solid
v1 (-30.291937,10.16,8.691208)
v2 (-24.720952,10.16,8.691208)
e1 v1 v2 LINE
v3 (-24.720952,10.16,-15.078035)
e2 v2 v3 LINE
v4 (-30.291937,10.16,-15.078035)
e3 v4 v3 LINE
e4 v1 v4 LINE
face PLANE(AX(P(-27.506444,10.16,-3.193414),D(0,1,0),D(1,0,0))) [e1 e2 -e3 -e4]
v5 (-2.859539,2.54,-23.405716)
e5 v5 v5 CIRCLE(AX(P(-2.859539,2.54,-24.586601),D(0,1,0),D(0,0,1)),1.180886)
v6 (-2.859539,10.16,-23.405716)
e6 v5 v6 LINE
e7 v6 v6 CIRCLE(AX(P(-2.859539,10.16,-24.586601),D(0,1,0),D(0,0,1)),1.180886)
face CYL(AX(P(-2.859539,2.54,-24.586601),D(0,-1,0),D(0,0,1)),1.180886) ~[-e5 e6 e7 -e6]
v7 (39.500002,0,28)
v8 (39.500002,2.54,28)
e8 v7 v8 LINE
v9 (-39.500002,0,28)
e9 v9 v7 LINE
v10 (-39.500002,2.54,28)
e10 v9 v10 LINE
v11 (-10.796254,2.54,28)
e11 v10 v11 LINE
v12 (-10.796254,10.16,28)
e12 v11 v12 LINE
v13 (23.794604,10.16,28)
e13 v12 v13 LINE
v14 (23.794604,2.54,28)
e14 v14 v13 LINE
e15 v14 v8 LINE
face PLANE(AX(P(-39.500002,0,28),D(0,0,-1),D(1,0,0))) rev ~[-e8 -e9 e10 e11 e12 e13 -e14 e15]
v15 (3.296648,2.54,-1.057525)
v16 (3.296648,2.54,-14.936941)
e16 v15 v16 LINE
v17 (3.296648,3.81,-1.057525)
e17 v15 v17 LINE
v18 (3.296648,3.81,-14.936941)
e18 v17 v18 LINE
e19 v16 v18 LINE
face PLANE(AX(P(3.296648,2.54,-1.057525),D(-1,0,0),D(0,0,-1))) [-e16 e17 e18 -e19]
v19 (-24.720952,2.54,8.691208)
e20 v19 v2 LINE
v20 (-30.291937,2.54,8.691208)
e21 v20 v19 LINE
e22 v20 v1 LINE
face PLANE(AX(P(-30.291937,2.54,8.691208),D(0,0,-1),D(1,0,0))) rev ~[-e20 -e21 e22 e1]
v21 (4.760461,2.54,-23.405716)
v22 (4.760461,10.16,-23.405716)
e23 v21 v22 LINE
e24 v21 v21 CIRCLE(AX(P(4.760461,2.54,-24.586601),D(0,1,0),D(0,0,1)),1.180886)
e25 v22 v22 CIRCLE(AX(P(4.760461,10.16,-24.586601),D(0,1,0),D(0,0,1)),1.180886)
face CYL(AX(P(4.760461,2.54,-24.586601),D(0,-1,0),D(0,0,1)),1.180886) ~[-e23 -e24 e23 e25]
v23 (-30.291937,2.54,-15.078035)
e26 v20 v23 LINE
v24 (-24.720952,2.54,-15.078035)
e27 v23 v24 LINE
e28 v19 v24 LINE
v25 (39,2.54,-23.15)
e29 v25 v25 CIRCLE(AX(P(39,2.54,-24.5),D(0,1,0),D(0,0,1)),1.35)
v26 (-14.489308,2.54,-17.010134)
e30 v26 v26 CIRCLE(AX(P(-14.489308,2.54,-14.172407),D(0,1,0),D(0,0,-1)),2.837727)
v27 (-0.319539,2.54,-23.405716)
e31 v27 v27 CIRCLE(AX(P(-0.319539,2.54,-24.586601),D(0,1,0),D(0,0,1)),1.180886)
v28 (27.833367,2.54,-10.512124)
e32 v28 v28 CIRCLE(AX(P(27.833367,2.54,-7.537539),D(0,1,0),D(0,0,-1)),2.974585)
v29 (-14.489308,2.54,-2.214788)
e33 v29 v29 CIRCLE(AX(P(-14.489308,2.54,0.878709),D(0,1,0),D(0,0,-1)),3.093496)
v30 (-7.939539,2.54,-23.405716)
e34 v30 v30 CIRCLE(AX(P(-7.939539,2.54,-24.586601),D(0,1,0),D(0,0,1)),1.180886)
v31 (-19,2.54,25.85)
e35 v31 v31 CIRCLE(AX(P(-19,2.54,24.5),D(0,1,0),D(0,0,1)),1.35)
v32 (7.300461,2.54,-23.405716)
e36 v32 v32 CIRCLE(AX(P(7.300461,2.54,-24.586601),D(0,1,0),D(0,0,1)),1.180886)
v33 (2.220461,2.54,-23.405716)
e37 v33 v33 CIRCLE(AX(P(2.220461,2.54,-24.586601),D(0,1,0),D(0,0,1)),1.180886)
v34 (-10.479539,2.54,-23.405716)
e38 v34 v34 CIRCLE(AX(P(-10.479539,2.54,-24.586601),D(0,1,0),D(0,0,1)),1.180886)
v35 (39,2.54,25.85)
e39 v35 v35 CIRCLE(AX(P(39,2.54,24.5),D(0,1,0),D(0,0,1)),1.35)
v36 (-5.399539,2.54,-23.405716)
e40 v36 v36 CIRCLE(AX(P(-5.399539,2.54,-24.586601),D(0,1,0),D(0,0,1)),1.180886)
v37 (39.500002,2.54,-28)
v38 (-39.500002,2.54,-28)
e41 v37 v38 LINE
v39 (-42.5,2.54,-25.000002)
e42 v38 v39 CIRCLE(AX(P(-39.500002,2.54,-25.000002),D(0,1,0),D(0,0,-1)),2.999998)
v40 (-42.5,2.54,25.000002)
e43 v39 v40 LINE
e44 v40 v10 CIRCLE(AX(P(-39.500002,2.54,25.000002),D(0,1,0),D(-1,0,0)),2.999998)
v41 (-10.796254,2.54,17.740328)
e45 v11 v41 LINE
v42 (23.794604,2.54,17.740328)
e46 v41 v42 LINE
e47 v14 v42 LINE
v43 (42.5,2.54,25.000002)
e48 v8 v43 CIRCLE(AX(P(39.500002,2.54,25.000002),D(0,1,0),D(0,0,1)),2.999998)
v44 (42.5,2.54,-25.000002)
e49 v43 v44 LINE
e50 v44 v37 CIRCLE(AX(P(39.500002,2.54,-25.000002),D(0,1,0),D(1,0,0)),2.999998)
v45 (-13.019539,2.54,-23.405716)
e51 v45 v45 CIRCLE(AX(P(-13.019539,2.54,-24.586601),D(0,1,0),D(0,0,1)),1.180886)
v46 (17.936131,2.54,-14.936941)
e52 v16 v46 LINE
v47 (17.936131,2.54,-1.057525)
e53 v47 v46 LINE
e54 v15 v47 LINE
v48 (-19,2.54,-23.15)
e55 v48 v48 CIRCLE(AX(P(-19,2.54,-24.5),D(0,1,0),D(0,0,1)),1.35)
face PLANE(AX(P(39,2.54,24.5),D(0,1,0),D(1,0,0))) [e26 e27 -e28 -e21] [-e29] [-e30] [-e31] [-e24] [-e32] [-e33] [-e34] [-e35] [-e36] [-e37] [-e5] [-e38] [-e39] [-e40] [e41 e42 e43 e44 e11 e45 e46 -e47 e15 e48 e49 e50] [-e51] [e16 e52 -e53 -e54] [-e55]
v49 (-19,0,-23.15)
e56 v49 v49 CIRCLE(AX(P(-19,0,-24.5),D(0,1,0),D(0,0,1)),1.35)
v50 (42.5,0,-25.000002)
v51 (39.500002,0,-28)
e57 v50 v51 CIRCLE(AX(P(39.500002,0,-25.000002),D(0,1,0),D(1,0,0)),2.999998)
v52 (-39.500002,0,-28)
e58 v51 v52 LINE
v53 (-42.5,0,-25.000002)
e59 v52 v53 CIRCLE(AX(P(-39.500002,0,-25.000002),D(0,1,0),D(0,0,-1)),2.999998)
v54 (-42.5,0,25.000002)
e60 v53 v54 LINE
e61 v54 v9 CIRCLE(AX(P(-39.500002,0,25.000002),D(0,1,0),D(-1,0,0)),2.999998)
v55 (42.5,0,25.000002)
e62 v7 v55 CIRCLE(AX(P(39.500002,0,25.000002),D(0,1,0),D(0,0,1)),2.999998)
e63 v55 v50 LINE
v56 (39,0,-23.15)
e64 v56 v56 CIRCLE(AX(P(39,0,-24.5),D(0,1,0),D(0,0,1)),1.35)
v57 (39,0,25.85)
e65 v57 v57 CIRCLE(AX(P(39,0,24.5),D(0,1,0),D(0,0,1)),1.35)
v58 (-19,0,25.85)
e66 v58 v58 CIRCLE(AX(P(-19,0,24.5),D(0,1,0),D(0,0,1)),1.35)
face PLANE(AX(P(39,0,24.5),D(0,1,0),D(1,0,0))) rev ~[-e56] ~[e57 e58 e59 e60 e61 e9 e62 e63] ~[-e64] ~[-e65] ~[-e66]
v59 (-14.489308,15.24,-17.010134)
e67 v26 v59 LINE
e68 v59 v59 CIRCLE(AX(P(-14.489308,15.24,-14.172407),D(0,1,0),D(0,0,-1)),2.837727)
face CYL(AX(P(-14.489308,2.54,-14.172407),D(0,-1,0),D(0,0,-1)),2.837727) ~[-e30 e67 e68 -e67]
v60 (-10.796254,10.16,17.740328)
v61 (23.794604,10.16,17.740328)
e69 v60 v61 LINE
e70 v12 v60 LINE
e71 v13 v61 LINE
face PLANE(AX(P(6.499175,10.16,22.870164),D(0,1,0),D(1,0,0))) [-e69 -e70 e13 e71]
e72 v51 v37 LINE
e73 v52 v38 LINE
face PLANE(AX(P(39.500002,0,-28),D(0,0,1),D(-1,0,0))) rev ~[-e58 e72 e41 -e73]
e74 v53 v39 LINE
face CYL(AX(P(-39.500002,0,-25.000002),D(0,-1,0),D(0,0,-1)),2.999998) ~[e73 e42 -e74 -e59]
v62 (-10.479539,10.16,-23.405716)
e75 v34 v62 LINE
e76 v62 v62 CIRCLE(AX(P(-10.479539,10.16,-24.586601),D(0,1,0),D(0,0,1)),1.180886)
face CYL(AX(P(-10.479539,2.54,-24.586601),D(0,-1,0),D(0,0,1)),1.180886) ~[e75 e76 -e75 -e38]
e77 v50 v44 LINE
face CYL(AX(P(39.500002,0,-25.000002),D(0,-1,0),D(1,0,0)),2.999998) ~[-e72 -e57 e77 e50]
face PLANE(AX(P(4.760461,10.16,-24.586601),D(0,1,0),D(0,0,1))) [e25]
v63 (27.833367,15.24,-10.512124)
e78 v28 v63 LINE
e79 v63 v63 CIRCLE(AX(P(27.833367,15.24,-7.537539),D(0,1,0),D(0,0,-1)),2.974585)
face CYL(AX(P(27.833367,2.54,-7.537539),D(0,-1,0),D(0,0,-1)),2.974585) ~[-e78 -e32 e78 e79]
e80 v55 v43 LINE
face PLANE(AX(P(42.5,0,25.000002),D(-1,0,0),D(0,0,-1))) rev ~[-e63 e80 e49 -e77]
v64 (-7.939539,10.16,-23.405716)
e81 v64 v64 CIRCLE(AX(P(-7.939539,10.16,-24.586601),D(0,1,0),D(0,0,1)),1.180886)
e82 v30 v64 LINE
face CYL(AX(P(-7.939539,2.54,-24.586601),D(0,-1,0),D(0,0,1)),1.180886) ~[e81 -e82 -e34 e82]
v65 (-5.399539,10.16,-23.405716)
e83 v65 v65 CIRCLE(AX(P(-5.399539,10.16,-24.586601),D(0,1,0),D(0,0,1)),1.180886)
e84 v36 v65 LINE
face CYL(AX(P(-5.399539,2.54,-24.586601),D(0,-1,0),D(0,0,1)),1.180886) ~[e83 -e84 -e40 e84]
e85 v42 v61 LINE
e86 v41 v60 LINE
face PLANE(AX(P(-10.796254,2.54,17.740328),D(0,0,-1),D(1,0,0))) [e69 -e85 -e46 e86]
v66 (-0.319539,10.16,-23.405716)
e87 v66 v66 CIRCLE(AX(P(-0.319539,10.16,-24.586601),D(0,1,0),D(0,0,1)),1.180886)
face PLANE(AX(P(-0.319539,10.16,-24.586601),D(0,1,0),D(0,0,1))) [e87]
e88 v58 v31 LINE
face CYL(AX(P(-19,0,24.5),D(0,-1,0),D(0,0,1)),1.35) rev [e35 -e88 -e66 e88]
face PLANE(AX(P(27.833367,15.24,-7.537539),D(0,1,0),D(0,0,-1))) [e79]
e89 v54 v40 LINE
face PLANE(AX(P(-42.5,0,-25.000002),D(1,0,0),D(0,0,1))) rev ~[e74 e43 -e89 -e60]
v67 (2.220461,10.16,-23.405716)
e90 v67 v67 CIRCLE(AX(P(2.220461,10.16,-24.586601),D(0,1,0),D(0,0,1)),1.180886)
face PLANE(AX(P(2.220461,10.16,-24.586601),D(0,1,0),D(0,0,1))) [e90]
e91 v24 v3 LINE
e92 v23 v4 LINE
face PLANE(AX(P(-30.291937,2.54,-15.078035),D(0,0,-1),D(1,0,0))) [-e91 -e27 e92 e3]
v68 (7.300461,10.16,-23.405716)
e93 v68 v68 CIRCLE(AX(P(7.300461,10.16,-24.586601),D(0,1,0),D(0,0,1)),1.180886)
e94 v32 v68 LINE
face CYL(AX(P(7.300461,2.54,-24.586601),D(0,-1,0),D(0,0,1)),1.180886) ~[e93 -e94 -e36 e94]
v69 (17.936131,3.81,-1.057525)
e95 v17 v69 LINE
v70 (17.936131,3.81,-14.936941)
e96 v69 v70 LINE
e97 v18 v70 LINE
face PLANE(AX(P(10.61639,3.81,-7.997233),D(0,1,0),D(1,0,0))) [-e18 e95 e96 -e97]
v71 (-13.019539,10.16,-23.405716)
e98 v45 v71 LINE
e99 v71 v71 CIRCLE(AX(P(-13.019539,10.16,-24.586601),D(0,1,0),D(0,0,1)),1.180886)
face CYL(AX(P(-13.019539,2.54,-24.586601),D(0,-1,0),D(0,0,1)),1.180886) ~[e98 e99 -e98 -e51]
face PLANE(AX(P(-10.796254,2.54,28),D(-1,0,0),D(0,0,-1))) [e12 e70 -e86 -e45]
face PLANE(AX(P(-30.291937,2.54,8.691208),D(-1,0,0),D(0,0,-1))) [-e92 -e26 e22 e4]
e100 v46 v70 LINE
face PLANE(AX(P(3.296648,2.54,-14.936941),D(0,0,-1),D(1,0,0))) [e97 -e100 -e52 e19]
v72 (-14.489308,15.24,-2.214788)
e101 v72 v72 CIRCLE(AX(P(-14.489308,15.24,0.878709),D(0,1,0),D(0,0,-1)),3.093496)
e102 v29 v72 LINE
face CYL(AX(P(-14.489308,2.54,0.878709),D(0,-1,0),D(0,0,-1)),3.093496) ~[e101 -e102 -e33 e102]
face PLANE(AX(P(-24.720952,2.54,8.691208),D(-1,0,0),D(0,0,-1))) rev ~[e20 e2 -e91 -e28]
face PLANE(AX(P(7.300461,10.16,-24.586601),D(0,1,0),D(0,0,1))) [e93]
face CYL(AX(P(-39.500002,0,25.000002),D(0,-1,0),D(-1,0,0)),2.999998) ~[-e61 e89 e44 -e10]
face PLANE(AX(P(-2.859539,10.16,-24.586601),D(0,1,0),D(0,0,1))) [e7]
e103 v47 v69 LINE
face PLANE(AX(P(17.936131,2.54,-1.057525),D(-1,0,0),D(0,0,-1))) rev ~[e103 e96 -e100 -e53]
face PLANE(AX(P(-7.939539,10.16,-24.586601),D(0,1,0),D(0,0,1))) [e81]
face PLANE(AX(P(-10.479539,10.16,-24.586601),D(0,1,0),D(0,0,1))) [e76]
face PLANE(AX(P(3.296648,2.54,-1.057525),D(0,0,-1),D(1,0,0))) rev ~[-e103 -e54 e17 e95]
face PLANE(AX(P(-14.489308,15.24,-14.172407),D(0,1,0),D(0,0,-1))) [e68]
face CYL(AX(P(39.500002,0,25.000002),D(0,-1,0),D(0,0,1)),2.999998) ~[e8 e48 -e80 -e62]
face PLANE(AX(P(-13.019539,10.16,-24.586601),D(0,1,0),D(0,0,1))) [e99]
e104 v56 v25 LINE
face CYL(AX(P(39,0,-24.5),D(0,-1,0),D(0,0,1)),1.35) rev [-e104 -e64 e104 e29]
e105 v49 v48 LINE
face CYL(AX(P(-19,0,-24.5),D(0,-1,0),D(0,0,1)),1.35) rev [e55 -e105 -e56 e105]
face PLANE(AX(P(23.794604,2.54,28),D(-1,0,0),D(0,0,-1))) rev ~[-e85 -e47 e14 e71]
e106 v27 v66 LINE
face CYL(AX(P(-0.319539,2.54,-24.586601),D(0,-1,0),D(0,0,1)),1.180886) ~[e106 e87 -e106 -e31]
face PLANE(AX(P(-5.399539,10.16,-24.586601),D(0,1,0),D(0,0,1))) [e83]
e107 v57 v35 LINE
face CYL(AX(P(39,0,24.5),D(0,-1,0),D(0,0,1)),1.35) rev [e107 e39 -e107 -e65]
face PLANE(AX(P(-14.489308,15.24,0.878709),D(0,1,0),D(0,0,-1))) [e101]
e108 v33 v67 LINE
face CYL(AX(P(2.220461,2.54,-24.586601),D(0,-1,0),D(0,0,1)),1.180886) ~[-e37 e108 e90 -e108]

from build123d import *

# Parameters (mm, degrees)
SKETCH1_R           = 1.35
BOSS_EXTRUDE1_DEPTH = 2.54
SKETCH2_W           = 34.5908584
SKETCH2_H           = 10.2596717
BOSS_EXTRUDE2_DEPTH = 7.62
SKETCH3_W           = 5.570985132
SKETCH3_H           = 23.769243549
BOSS_EXTRUDE3_DEPTH = 7.62
SKETCH4_W           = 14.639482868
SKETCH4_H           = 13.879415804
BOSS_EXTRUDE4_DEPTH = 1.27
SKETCH5_R           = 1.180885515
BOSS_EXTRUDE5_DEPTH = 7.62
SKETCH6_R           = 2.837726638
SKETCH6_R_2         = 3.093496415
SKETCH6_R_3         = 2.974585048
BOSS_EXTRUDE6_DEPTH = 12.7


with BuildPart() as part:
    # Sketch1 → Boss-Extrude1 (new body)
    with BuildSketch(Plane(origin=(0, 0, 0), x_dir=(1, 0, 0), z_dir=(0, 1, 0))):
        with BuildLine():
            ThreePointArc((42.5, 25.000002241), (41.621321, 27.121321), (39.500002241, 28))
            Line((39.500002241, 28), (-39.500002241, 28))
            ThreePointArc((-39.500002241, 28), (-41.621321, 27.121321), (-42.5, 25.000002241))
            Line((-42.5, 25.000002241), (-42.5, -25.000002241))
            ThreePointArc((-42.5, -25.000002241), (-41.621321, -27.121321), (-39.500002241, -28))
            Line((-39.500002241, -28), (39.500002241, -28))
            ThreePointArc((39.500002241, -28), (41.621321, -27.121321), (42.5, -25.000002241))
            Line((42.5, -25.000002241), (42.5, 25.000002241))
        make_face()
        with Locations((-19, -24.5)):
            Circle(SKETCH1_R, mode=Mode.SUBTRACT)
        with Locations((39, -24.5)):
            Circle(SKETCH1_R, mode=Mode.SUBTRACT)
        with Locations((-19, 24.5)):
            Circle(SKETCH1_R, mode=Mode.SUBTRACT)
        with Locations((39, 24.5)):
            Circle(SKETCH1_R, mode=Mode.SUBTRACT)
    extrude(amount=BOSS_EXTRUDE1_DEPTH)

    # Sketch2 → Boss-Extrude2 (add)
    with BuildSketch(Plane(origin=(0, 2.54, 0), x_dir=(1, 0, 0), z_dir=(0, 1, 0))):
        with Locations((6.499175034, -22.87016415)):
            Rectangle(SKETCH2_W, SKETCH2_H)
    extrude(amount=BOSS_EXTRUDE2_DEPTH)

    # Sketch3 → Boss-Extrude3 (add)
    with BuildSketch(Plane(origin=(0, 2.54, 0), x_dir=(1, 0, 0), z_dir=(0, 1, 0))):
        with Locations((-27.506444174, 3.193413678)):
            Rectangle(SKETCH3_W, SKETCH3_H)
    extrude(amount=BOSS_EXTRUDE3_DEPTH)

    # Sketch4 → Boss-Extrude4 (add)
    with BuildSketch(Plane(origin=(0, 2.54, 0), x_dir=(1, 0, 0), z_dir=(0, 1, 0))):
        with Locations((10.616389604, 7.997233107)):
            Rectangle(SKETCH4_W, SKETCH4_H)
    extrude(amount=BOSS_EXTRUDE4_DEPTH)

    # Sketch5 → Boss-Extrude5 (add)
    with BuildSketch(Plane(origin=(0, 2.54, 0), x_dir=(1, 0, 0), z_dir=(0, 1, 0))):
        with Locations((-13.019538676, 24.586601174)):
            Circle(SKETCH5_R)
        with Locations((-10.479538676, 24.586601174)):
            Circle(SKETCH5_R)
        with Locations((-7.939538676, 24.586601174)):
            Circle(SKETCH5_R)
        with Locations((-5.399538676, 24.586601174)):
            Circle(SKETCH5_R)
        with Locations((-2.859538676, 24.586601174)):
            Circle(SKETCH5_R)
        with Locations((-0.319538676, 24.586601174)):
            Circle(SKETCH5_R)
        with Locations((2.220461324, 24.586601174)):
            Circle(SKETCH5_R)
        with Locations((4.760461324, 24.586601174)):
            Circle(SKETCH5_R)
        with Locations((7.300461324, 24.586601174)):
            Circle(SKETCH5_R)
    extrude(amount=BOSS_EXTRUDE5_DEPTH)

    # Sketch6 → Boss-Extrude6 (add)
    with BuildSketch(Plane(origin=(0, 2.54, 0), x_dir=(1, 0, 0), z_dir=(0, 1, 0))):
        with Locations((-14.489308001, 14.172406875)):
            Circle(SKETCH6_R)
        with Locations((-14.489308001, -0.87870872)):
            Circle(SKETCH6_R_2)
        with Locations((27.833366931, 7.537539442)):
            Circle(SKETCH6_R_3)
    extrude(amount=BOSS_EXTRUDE6_DEPTH)


solid = part.part
